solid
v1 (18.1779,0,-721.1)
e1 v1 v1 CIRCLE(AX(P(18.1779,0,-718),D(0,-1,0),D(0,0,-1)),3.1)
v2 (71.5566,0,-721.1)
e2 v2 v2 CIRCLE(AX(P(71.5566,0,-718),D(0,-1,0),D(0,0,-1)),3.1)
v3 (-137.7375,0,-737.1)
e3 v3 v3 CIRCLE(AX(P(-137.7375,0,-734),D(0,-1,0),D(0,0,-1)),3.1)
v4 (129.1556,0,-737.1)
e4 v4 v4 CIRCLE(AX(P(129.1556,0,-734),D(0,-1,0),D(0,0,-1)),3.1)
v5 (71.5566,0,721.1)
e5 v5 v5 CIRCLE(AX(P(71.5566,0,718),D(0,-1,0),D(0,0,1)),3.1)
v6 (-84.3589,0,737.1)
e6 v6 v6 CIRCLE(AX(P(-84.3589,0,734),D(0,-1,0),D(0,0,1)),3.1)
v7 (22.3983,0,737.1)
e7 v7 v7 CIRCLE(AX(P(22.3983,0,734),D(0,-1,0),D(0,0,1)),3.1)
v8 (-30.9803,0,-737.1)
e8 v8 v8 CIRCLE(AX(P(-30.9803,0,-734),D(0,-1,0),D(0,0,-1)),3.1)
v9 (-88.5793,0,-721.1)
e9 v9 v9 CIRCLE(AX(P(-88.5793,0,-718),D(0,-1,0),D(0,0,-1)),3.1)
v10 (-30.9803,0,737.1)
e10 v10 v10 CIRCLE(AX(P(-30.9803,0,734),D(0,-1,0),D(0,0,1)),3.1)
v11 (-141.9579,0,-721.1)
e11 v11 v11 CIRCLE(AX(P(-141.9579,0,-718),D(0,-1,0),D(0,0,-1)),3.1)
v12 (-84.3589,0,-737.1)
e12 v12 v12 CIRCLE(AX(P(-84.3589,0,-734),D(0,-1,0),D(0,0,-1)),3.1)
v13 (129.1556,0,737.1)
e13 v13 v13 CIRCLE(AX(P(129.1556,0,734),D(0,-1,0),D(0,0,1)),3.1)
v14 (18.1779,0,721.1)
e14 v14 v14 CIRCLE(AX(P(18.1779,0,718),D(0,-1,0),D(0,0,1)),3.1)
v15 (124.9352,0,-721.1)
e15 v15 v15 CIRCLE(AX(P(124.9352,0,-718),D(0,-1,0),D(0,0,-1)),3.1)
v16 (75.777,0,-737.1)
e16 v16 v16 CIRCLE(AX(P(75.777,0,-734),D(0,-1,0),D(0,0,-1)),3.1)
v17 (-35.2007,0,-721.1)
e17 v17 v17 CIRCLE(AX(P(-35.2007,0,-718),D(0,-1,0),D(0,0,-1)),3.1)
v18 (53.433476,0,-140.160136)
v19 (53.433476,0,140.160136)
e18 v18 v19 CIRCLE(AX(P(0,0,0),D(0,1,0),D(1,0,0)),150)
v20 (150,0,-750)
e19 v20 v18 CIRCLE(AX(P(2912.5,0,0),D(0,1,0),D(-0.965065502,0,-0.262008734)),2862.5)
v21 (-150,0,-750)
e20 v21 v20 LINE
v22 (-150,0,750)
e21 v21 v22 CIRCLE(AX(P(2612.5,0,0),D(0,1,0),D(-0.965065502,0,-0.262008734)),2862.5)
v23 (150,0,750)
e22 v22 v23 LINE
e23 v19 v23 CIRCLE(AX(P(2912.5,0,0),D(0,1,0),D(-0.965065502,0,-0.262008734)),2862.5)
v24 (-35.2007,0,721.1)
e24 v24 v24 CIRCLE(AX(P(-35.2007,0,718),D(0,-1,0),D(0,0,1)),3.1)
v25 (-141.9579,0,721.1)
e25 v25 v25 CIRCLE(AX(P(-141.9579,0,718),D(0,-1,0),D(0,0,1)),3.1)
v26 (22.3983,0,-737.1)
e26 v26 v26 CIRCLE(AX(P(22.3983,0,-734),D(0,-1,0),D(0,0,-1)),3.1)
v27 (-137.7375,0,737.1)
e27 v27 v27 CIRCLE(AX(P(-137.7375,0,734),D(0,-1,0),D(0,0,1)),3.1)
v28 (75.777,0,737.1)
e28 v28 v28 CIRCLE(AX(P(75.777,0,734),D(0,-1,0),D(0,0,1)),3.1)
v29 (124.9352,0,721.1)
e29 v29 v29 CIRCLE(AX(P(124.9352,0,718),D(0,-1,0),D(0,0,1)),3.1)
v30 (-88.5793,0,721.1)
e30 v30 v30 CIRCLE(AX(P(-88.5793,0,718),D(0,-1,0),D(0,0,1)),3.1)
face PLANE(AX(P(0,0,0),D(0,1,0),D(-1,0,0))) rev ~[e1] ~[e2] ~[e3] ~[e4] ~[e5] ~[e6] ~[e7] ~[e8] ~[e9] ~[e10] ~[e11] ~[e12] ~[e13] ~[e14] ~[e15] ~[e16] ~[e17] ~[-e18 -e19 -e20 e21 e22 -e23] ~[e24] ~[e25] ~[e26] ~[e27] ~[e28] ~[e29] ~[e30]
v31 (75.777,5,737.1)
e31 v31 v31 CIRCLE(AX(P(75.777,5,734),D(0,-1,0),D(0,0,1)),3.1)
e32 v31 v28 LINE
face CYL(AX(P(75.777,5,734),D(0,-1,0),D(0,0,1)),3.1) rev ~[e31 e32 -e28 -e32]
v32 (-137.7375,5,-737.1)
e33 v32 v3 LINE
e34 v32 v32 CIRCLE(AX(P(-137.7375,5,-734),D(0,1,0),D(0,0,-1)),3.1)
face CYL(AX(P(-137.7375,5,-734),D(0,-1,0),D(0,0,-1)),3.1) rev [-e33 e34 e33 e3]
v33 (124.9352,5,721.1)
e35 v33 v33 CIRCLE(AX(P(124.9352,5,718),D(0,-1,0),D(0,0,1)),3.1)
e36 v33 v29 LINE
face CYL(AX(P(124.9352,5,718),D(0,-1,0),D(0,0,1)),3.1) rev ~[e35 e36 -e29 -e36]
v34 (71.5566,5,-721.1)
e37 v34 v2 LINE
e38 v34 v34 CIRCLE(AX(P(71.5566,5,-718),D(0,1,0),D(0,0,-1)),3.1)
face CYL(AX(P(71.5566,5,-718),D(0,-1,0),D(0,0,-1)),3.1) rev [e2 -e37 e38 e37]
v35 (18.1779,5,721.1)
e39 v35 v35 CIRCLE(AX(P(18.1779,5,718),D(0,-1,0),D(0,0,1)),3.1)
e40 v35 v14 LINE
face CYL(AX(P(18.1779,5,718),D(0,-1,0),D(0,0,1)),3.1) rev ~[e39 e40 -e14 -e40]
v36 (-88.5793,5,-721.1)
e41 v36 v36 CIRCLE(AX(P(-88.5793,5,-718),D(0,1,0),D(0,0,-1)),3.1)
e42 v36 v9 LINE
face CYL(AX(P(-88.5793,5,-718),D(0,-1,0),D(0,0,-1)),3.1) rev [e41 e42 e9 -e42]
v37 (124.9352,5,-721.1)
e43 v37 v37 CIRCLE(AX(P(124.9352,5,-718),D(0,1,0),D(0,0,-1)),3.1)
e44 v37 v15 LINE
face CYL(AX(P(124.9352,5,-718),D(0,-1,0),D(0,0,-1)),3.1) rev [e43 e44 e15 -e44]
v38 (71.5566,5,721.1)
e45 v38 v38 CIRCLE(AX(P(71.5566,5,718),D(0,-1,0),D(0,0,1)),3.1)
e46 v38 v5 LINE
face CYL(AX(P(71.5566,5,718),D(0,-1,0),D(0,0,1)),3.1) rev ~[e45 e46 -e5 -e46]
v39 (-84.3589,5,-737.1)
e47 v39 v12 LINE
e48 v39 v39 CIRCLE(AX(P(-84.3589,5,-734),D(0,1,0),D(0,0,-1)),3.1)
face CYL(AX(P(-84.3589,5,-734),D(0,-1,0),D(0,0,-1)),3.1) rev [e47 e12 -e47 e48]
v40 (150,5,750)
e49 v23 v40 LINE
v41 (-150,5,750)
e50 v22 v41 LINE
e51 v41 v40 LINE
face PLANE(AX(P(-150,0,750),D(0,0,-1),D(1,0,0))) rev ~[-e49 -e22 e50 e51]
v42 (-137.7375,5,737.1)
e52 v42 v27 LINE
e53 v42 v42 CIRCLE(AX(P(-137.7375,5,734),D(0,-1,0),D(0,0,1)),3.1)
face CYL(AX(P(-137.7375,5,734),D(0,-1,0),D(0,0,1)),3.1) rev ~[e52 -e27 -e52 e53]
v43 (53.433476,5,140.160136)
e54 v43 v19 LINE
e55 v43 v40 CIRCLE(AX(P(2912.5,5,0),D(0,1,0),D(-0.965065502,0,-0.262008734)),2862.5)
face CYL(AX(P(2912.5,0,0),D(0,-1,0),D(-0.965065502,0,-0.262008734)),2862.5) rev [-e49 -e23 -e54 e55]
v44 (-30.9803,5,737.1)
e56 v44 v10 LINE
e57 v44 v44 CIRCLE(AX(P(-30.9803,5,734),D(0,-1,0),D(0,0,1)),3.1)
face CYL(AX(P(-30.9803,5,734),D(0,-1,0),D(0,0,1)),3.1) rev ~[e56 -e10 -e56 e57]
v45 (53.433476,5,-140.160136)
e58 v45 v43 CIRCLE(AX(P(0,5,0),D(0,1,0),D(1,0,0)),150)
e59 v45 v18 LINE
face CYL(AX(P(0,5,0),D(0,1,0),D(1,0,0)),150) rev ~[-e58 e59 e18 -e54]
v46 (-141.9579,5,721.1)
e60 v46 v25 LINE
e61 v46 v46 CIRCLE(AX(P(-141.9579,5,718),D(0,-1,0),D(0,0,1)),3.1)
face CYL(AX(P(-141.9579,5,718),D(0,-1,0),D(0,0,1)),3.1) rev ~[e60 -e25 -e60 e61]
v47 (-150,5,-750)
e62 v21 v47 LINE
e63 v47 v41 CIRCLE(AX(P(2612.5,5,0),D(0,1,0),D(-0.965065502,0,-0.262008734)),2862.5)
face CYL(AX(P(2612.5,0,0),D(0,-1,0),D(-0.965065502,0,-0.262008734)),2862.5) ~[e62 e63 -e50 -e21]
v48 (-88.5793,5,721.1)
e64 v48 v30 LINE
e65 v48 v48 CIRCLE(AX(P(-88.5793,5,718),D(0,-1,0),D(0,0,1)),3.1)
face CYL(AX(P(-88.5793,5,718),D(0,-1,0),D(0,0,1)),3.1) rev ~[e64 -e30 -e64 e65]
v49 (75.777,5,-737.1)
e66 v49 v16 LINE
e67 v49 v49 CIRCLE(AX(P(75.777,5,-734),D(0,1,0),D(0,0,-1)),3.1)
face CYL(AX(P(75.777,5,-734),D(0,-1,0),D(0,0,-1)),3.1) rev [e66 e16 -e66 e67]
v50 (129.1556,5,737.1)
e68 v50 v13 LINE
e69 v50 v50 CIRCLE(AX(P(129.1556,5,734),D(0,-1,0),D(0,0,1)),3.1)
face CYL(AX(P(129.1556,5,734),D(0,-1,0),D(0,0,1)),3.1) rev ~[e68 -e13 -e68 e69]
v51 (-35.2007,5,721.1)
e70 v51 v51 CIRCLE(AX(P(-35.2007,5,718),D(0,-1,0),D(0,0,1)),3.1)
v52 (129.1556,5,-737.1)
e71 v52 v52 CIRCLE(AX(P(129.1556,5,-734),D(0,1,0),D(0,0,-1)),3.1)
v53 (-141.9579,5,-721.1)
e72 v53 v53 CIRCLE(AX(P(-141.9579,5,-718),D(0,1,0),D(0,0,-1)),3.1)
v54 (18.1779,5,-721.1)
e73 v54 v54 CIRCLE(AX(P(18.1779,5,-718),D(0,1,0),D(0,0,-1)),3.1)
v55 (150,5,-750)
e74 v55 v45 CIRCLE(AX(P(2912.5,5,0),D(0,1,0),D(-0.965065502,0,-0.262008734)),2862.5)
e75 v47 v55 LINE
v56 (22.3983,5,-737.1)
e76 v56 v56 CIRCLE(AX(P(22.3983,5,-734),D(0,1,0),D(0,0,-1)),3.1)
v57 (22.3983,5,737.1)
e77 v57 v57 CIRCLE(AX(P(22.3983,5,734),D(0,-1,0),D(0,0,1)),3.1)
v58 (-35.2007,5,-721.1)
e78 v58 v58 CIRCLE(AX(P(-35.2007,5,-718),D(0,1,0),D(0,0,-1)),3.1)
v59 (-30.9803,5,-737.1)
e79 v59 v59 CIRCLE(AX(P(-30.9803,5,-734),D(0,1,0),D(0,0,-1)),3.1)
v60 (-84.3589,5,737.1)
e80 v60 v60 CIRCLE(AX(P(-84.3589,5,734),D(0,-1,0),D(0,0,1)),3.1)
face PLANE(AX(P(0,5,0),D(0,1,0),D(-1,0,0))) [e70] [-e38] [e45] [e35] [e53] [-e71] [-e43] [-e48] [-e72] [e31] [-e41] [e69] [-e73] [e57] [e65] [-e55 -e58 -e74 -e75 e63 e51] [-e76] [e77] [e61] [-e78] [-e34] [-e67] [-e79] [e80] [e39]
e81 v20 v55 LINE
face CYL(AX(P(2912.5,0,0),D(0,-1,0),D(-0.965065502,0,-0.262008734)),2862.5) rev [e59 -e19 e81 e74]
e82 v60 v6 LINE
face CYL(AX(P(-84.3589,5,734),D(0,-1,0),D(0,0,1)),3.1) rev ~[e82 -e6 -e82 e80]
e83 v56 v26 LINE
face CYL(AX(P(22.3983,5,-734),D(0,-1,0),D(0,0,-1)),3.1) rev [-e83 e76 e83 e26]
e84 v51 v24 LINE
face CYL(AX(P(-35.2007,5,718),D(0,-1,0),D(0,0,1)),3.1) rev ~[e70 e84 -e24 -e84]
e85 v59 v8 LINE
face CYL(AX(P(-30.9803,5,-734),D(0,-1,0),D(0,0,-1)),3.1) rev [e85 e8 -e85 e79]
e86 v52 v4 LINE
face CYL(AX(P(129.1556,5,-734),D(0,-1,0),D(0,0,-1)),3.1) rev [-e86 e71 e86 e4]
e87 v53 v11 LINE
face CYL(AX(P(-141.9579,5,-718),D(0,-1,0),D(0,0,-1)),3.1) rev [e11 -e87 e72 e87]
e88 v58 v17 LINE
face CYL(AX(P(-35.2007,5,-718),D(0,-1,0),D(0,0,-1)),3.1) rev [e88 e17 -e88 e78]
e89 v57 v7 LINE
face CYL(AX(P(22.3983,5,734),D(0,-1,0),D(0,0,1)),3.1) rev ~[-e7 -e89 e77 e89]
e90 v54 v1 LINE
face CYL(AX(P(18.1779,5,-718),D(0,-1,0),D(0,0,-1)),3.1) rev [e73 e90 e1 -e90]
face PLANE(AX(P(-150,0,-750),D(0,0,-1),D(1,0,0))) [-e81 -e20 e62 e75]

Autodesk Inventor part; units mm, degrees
ref_plane "YZ Plane" through (0, 0, 0) normal (1, 0, 0) x (0, 1, 0)
ref_plane "XZ Plane" through (0, 0, 0) normal (0, 1, 0) x (-1, 0, 0)
ref_plane "XY Plane" through (0, 0, 0) normal (0, 0, 1) x (1, 0, 0)
sketch "Sketch1" plane through (0, 0, 0) normal (0, 1, 0) x (-1, 0, 0)
  arc A0 (0, -750) -> (0, 750) centre (-2762.5, 0) ccw construction
  line L0 (-22.4292, 0) -> (36.1533, 0) construction
  line L1 (0, 750) -> (0, -750) construction
  line L2 (150, 750) -> (-150, 750)
  line L3 (150, -750) -> (-150, -750)
  arc A1 (150, -750) -> (150, 750) centre (-2612.5, 0) ccw
  arc A2 (-150, -750) -> (-150, 750) centre (-2912.5, 0) ccw
  point P0 (0, 0)
  point P1 (100, 0)
  point P2 (250, 0)
  point P3 (-50, 0)
  dimension "d0" = 1500
  dimension "d1" = 100
  dimension "d2" = 300
  dimension "d3" = 150
  dimension "d4" = 150
extrude "Extrusion1" add sketch "Sketch1" along normal blind 5
sketch "Sketch2" plane through (0, 5, 0) normal (0, 1, 0) x (1, 0, 0)
  line L0 (-150, -750) -> (150, -750) construction
  arc A0 (150, 750) -> (150, -750) centre (2912.5, 0) ccw construction
  line L1 (150, 750) -> (-150, 750) construction
  arc A1 (-150, 750) -> (-150, -750) centre (2612.5, 0) ccw construction
  line L2 (-150, -750) -> (150, -750) construction
  arc A2 (150, 750) -> (150, -750) centre (2912.5, 0) ccw construction
  line L3 (150, -750) -> (150, -750) construction
  line L4 (150, -750) -> (150, -750) construction
  line L5 (150, 750) -> (-150, 750) construction
  line L6 (150, -750) -> (150, 750) construction
  circle A3 centre (0, 0) radius 150
  line L7 (150, 0) -> (-250, 0) construction
  arc A4 (-150, 750) -> (-150, -750) centre (2612.5, 0) ccw construction
  circle A5 centre (0, 0) radius 36 construction
  point P0 (-36, 0)
  point P1 (-18, -31.1769)
  point P2 (18, -31.1769)
  point P3 (36, 0)
  point P4 (18, 31.1769)
  point P5 (-18, 31.1769)
  dimension "d42" = 72
  dimension "d9" = 300
  dimension "d45" = 360
extrude "Extrusion2" cut sketch "Sketch2" against normal through all
sketch "Sketch3" plane through (0, 5, 0) normal (0, 1, 0) x (1, 0, 0)
  line L0 (-150, -750) -> (150, -750) projected
  arc A0 (53.4335, -140.1601) -> (150, -750) centre (2912.5, 0) ccw projected
  line L1 (150, 750) -> (-150, 750) projected
  arc A1 (-150, 750) -> (-150, -750) centre (2612.5, 0) ccw projected
  line L2 (-137.7375, -734) -> (129.1556, -734)
  arc A2 (129.1556, 734) -> (129.1556, -734) centre (2912.5, 0) ccw
  line L3 (129.1556, 734) -> (-137.7375, 734)
  arc A3 (-137.7375, 734) -> (-137.7375, -734) centre (2612.5, 0) ccw
  line L4 (-141.9579, -718) -> (124.9853, -718)
  arc A4 (53.4335, 140.1601) -> (53.4335, -140.1601) centre (0, 0) ccw projected
  arc A5 (150, 750) -> (53.4335, 140.1601) centre (2912.5, 0) ccw projected
  point P0 (0, 0)
  point P1 (-84.3589, -734)
  point P2 (-30.9803, -734)
  point P3 (22.3983, -734)
  point P4 (75.777, -734)
  point P5 (129.1556, -734)
  point P6 (-88.5793, -718)
  point P7 (-35.2007, -718)
  point P8 (18.1779, -718)
  point P9 (71.5566, -718)
  point P10 (124.9352, -718)
  dimension "d10" = 16
  dimension "d11" = 266.8931
  dimension "d14" = 53.3786
  dimension "d26" = 16
  dimension "d27" = 16
  dimension "d30" = 53.3786
hole "Hole2" at (-137.7375, 5, 734) at (-84.3589, 5, 734) at (-30.9803, 5, 734) at (22.3983, 5, 734) at (75.777, 5, 734) at (129.1556, 5, 734) at (-141.9579, 5, 718) at (-88.5793, 5, 718) at (-35.2007, 5, 718) at (18.1779, 5, 718) at (71.5566, 5, 718) at (124.9352, 5, 718) direction (0, -1, 0) diameter 6.2 end through all
mirror "Mirror1" about plane through (0, 0, 0) normal (0, 0, 1) of "Hole2"
equation "\"d3\" = 0.5 * d2"
equation "\"d4\" = 0.5 * d2"
equation "\"d14\" = 0.2 * d11"
equation "\"d27\" = d26"
equation "\"d30\" = 0.2 * d11"
properties part number "Floor"
